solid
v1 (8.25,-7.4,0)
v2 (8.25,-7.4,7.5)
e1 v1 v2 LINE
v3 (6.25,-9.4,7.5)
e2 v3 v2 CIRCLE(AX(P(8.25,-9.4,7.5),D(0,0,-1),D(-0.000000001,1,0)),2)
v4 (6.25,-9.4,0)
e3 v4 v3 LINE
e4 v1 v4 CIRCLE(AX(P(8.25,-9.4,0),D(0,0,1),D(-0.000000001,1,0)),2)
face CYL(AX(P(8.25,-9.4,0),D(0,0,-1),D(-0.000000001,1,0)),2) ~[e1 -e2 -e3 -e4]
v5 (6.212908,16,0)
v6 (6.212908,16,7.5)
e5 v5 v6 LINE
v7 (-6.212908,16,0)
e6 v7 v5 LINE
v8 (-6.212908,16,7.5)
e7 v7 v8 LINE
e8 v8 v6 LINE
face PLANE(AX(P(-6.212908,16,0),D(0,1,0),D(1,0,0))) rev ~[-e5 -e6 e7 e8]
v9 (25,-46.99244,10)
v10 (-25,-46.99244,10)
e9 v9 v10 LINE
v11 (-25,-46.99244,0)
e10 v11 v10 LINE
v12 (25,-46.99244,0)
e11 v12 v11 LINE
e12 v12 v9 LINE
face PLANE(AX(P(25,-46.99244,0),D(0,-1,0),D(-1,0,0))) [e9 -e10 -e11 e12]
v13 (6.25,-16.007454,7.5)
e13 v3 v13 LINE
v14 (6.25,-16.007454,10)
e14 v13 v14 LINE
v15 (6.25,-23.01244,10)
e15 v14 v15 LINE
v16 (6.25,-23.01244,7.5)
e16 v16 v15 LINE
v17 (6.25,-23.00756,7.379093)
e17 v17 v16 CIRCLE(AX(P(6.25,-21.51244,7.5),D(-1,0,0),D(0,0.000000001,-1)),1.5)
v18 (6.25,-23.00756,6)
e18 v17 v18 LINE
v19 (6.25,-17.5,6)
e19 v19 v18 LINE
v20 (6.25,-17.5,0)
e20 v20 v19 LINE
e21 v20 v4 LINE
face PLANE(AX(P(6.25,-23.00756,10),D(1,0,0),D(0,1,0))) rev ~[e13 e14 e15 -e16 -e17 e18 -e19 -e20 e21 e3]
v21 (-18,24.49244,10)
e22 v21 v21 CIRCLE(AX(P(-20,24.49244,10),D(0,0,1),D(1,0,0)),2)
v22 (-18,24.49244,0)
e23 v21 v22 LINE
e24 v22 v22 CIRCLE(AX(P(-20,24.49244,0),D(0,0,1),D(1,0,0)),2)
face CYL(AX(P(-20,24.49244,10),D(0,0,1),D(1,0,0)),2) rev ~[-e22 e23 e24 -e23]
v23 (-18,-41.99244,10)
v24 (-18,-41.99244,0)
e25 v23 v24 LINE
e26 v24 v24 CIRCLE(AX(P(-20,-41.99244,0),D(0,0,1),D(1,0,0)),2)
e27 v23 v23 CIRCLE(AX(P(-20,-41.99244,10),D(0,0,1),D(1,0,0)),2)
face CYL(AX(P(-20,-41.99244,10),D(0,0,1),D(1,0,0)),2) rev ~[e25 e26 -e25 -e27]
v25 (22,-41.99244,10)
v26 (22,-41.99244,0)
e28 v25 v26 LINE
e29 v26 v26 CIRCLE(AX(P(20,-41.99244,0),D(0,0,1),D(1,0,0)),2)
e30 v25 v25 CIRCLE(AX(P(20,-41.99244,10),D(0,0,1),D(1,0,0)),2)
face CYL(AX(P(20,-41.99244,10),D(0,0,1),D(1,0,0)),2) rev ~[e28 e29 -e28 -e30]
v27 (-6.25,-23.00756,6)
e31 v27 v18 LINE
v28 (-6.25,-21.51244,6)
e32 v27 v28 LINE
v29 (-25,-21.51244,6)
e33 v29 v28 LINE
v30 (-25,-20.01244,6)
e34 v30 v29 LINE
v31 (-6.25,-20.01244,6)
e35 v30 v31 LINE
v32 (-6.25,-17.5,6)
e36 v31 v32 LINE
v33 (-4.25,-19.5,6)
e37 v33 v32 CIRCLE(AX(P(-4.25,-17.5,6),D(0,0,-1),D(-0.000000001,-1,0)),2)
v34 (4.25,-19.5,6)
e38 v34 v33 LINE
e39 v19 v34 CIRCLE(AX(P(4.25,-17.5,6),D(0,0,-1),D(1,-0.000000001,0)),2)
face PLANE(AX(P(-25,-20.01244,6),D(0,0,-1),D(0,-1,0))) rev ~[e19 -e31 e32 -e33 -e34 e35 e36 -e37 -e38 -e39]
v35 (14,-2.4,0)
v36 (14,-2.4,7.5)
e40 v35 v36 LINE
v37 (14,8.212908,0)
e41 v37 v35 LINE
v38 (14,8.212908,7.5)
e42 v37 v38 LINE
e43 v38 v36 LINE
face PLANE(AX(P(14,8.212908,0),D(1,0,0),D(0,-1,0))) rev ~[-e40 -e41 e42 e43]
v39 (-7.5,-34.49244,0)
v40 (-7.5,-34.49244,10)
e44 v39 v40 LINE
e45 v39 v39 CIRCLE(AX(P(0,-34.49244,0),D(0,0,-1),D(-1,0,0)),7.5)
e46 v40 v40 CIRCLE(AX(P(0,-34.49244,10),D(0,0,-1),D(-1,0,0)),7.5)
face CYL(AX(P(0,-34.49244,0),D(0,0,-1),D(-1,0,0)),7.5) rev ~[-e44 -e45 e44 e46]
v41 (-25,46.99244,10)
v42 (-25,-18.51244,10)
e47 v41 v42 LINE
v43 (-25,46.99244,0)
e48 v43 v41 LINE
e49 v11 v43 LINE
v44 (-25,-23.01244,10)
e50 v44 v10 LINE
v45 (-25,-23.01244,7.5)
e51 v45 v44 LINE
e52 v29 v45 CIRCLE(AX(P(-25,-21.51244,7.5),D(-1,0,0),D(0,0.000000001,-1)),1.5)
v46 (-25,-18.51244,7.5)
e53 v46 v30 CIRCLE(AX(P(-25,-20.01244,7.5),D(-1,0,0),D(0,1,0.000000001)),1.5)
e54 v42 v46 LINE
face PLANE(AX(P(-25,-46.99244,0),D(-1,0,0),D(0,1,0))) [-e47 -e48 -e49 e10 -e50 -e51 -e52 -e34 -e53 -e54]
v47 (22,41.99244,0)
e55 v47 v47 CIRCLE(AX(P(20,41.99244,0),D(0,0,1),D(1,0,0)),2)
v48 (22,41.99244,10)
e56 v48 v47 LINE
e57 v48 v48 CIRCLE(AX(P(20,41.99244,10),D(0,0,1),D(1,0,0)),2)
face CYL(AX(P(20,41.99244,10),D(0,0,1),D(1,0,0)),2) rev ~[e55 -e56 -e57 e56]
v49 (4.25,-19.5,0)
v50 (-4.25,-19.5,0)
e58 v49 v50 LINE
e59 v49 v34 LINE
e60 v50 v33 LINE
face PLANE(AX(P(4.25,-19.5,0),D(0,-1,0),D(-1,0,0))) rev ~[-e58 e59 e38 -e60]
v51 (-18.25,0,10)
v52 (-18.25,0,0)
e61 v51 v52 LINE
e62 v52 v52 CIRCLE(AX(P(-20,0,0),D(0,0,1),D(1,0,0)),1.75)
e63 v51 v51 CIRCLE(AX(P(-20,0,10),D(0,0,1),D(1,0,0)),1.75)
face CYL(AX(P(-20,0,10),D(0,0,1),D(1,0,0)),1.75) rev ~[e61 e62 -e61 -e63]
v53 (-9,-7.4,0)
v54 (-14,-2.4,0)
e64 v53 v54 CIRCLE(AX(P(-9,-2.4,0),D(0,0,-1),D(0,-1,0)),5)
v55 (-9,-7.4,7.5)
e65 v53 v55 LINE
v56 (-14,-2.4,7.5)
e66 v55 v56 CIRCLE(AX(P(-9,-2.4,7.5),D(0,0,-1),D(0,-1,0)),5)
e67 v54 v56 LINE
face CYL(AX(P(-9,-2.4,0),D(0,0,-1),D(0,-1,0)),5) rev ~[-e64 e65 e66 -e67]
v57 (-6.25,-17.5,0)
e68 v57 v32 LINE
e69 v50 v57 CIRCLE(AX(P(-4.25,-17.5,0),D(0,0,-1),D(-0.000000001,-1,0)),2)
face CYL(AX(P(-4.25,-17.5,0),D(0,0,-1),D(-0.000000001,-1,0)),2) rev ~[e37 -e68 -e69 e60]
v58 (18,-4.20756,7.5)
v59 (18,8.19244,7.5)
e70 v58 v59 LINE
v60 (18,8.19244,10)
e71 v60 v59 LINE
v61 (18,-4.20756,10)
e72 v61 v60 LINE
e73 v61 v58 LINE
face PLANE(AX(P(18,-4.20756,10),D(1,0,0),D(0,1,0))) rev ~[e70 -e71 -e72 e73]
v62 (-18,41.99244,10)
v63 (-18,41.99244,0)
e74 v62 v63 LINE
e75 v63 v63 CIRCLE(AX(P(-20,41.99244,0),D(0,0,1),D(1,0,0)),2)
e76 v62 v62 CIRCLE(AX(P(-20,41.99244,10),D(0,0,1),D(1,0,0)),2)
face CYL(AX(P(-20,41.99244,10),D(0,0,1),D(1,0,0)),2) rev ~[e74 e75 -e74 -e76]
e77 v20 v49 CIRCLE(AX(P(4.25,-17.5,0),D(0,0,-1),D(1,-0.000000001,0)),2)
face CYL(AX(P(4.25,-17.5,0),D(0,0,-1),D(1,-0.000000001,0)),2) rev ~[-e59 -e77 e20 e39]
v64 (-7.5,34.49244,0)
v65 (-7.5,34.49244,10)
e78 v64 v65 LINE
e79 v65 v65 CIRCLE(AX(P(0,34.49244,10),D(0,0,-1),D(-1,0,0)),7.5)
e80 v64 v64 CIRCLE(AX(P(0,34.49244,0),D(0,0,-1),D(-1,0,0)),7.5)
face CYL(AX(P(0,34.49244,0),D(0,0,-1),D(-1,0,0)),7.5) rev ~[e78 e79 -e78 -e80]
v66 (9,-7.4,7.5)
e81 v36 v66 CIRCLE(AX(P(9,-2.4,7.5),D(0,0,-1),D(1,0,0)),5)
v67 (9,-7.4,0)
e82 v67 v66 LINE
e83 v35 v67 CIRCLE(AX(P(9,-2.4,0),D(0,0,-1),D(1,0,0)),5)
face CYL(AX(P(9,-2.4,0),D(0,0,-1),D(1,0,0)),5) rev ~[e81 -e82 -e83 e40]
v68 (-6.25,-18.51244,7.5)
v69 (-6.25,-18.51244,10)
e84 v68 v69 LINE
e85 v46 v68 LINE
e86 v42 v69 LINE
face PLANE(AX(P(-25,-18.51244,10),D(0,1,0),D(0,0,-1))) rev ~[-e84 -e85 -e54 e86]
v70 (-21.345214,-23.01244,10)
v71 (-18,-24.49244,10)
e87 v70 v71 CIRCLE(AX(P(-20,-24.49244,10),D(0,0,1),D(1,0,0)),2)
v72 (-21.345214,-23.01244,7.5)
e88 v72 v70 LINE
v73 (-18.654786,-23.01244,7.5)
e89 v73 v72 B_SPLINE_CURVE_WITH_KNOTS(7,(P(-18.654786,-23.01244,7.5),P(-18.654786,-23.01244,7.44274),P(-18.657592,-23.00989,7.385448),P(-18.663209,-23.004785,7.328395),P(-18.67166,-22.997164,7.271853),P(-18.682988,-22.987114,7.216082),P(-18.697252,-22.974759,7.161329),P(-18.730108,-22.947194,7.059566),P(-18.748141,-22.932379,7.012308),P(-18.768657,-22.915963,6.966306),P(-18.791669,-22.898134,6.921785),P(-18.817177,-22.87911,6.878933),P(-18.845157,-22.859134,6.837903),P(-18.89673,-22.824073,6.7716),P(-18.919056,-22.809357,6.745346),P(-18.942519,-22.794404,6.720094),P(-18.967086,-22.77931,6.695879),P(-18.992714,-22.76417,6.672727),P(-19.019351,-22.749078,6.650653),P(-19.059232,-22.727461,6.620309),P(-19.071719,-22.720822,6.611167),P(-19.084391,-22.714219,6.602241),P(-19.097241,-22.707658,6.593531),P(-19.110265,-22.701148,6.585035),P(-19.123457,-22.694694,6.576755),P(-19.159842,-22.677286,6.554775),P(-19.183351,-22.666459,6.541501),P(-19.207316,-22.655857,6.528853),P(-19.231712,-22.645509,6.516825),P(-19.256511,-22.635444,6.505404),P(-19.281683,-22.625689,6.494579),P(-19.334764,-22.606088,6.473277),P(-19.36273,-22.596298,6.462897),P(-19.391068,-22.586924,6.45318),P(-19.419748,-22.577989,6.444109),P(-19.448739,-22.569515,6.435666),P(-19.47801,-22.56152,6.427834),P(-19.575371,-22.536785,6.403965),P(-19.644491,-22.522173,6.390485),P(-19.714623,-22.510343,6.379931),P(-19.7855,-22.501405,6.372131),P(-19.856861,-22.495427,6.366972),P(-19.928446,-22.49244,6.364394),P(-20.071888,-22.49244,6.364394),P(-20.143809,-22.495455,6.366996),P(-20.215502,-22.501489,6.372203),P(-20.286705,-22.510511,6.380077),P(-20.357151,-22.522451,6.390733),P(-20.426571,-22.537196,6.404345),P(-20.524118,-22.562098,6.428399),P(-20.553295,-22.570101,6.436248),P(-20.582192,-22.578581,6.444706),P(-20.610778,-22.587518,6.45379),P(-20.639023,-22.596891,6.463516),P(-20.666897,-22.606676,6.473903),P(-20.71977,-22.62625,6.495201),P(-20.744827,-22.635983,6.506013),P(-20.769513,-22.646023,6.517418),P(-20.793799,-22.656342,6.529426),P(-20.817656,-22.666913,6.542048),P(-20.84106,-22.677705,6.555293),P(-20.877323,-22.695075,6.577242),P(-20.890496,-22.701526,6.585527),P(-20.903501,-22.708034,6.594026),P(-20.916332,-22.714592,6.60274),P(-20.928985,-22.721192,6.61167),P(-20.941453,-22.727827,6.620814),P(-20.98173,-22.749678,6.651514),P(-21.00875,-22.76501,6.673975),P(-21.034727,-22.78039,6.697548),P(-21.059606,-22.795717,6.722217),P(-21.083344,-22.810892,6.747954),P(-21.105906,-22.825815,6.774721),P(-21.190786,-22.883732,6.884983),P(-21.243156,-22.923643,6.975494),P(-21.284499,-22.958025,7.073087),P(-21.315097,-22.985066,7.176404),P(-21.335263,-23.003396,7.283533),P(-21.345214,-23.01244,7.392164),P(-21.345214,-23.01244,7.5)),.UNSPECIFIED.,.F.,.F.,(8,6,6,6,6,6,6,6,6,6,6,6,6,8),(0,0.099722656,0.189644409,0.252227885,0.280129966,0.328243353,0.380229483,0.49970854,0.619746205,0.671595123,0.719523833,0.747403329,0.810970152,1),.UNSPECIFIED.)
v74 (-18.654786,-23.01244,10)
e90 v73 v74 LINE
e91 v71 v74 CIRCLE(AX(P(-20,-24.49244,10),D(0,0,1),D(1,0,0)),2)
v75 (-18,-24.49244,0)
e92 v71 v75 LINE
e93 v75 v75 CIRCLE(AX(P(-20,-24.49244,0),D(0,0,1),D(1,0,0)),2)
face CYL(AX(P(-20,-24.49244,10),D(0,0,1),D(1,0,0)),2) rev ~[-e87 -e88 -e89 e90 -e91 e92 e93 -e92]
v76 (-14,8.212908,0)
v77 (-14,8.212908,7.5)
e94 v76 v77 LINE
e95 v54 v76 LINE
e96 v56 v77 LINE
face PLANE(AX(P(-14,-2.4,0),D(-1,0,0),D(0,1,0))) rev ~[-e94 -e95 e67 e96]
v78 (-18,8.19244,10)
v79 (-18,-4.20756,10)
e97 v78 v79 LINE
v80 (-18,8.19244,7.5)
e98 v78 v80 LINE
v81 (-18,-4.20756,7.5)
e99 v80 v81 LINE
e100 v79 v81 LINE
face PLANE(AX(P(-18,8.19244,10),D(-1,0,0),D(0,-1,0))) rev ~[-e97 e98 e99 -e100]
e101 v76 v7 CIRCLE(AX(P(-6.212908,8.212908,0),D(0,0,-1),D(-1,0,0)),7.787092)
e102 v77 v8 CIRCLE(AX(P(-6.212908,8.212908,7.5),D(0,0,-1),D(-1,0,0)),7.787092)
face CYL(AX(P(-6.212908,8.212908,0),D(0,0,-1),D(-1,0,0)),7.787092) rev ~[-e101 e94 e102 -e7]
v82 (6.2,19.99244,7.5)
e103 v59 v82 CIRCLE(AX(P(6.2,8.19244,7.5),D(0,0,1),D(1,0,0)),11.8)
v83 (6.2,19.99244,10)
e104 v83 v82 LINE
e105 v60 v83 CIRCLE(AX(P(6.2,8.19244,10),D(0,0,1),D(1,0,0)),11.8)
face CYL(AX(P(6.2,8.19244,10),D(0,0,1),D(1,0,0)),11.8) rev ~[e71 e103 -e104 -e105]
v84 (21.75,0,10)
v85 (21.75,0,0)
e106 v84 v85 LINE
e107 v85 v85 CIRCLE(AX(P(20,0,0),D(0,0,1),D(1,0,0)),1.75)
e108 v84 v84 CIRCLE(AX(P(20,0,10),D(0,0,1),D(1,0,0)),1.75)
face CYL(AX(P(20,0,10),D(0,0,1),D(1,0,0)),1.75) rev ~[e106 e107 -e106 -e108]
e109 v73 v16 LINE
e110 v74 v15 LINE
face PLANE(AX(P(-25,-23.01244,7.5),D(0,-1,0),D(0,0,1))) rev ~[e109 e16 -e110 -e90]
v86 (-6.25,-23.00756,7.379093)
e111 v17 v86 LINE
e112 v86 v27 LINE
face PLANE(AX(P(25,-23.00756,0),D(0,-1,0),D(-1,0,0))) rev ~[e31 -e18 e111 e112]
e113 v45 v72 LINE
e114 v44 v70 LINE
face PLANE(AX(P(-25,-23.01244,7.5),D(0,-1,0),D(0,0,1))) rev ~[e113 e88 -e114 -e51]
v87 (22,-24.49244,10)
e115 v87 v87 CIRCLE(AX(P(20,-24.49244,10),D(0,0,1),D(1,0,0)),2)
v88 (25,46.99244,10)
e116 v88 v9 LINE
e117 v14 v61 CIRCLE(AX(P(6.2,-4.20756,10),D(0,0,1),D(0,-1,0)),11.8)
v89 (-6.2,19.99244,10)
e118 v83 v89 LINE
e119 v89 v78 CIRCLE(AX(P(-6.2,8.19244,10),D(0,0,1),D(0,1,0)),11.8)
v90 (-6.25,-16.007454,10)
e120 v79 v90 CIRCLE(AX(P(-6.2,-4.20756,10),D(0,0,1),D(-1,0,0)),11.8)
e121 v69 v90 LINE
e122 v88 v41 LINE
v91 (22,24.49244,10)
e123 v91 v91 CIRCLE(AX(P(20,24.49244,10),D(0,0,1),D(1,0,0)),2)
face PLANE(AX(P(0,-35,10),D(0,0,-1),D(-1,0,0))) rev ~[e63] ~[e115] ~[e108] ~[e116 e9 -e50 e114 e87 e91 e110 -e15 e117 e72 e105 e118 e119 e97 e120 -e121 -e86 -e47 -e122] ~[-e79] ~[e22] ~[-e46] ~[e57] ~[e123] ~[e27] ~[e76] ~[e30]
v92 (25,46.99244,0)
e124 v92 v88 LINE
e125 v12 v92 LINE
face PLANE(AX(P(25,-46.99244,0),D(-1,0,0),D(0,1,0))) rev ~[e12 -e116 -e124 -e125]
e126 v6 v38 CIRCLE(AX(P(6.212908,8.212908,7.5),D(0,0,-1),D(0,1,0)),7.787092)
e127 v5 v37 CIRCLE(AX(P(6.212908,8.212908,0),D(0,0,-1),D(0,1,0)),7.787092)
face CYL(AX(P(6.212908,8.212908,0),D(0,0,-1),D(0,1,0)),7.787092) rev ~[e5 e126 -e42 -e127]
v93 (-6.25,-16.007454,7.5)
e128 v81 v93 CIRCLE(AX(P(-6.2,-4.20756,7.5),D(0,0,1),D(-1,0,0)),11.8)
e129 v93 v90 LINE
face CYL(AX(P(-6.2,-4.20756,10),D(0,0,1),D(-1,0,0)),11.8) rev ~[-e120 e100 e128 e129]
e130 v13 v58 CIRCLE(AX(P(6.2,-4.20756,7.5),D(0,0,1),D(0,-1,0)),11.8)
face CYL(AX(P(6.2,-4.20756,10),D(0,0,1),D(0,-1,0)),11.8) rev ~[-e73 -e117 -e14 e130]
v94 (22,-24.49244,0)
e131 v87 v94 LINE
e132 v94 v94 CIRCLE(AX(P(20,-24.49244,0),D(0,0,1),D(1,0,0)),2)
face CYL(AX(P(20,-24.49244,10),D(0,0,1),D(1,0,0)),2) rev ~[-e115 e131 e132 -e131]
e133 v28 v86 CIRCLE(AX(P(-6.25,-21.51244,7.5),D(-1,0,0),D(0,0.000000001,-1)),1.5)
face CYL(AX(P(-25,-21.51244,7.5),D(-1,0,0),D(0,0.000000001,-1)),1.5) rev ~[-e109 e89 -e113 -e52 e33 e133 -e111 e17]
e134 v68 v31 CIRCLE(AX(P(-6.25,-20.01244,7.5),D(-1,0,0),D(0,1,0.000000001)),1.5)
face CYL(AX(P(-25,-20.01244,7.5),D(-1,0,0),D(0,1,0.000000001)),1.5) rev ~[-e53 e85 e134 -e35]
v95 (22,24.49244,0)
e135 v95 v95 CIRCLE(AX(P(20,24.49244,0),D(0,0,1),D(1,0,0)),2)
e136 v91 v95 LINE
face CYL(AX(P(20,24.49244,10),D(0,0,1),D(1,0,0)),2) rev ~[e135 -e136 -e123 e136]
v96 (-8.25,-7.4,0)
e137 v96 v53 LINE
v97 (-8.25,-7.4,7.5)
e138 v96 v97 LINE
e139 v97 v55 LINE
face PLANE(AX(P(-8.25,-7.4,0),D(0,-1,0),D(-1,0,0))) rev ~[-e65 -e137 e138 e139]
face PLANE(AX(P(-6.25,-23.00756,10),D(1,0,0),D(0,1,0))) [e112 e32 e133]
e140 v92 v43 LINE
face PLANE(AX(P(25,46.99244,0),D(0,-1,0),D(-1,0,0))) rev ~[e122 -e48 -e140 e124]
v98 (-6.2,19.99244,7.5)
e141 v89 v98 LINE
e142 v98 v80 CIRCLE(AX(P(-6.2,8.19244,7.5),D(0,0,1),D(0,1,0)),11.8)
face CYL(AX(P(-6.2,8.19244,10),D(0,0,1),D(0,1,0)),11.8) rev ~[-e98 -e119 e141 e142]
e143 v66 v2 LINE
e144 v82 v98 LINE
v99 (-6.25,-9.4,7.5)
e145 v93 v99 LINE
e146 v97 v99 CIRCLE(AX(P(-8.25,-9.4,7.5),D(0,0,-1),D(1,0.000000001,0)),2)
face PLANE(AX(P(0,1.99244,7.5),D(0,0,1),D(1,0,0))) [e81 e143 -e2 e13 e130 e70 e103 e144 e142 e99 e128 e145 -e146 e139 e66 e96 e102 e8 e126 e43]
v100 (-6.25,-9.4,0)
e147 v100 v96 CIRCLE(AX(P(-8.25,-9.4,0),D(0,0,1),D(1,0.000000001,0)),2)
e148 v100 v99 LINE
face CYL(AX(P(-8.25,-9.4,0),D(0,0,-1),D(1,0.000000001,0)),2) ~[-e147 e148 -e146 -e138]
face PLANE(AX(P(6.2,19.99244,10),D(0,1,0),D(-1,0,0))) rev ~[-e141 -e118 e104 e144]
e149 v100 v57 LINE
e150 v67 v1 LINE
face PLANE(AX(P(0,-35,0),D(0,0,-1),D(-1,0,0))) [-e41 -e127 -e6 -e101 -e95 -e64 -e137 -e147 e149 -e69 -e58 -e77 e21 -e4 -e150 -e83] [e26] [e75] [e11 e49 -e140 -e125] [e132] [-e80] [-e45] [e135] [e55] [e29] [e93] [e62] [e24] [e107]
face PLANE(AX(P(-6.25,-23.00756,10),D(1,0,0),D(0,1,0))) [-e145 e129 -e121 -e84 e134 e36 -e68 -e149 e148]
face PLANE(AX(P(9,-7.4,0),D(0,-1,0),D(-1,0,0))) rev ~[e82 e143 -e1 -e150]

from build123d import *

# Parameters (mm, degrees)
BOSS_EXTRUDE1_DEPTH = 10
CUT_EXTRUDE1_DEPTH  = 11
SKETCH3_W           = 50
SKETCH3_H           = 45
BOSS_EXTRUDE3_DEPTH = 10
CUT_EXTRUDE6_DEPTH  = 2.5
SKETCH5_W           = 12.5
SKETCH5_H           = 6.253832763
CUT_EXTRUDE7_DEPTH  = 4
SKETCH6_W           = 50
SKETCH6_H           = 23.984880812
SKETCH6_R           = 7.5
SKETCH6_H_2         = 25
BOSS_EXTRUDE4_DEPTH = 10
CUT_EXTRUDE8_DEPTH  = 31.25
SKETCH8_R           = 2
SKETCH8_R_2         = 1.75
CUT_EXTRUDE11_DEPTH = 11
SKETCH9_R           = 2
CUT_EXTRUDE12_DEPTH = 11


with BuildPart() as part:
    # Sketch1 → Boss-Extrude1 (new body)
    with BuildSketch(Plane.XY):
        with BuildLine():
            Line((-7, 19), (7, 19))
            ThreePointArc((7, 19), (14.071067812, 16.071067812), (17, 9))
            Line((17, 9), (17, -5))
            ThreePointArc((17, -5), (14.071067812, -12.071067812), (7, -15))
            Line((7, -15), (-7, -15))
            ThreePointArc((-7, -15), (-14.071067812, -12.071067812), (-17, -5))
            Line((-17, -5), (-17, 9))
            ThreePointArc((-17, 9), (-14.071067812, 16.071067812), (-7, 19))
        make_face()
    extrude(amount=BOSS_EXTRUDE1_DEPTH)

    # Sketch2 → Cut-Extrude1 (cut, through all)
    with BuildSketch(Plane(origin=(0, 0, 0), x_dir=(-1, 0, 0), z_dir=(0, 0, -1))):
        with BuildLine():
            Line((14, 0.39), (14, 8.212908396))
            ThreePointArc((14, 8.212908396), (11.719213675, 13.719213675), (6.212908396, 16))
            Line((6.212908396, 16), (-6.212908396, 16))
            ThreePointArc((-6.212908396, 16), (-11.719213675, 13.719213675), (-14, 8.212908396))
            Line((-14, 8.212908396), (-14, 0.39))
            Line((-14, 0.39), (-14, -2.4))
            ThreePointArc((-14, -2.4), (-12.535533906, -5.935533906), (-9, -7.4))
            Line((-9, -7.4), (-8.25, -7.4))
            ThreePointArc((-8.25, -7.4), (-6.835786438, -7.985786438), (-6.25, -9.4))
            Line((-6.25, -9.4), (-6.25, -17.62539529))
            Line((-6.25, -17.62539529), (6.25, -17.62539529))
            Line((6.25, -17.62539529), (6.25, -9.4))
            ThreePointArc((6.25, -9.4), (6.835786438, -7.985786438), (8.25, -7.4))
            Line((8.25, -7.4), (9, -7.4))
            ThreePointArc((9, -7.4), (12.535533906, -5.935533906), (14, -2.4))
            Line((14, -2.4), (14, 0.39))
        make_face()
    extrude(amount=-CUT_EXTRUDE1_DEPTH, mode=Mode.SUBTRACT)

    # Sketch3 → Boss-Extrude3 (add)
    with BuildSketch(Plane(origin=(0, 0, 0), x_dir=(-1, 0, 0), z_dir=(0, 0, -1))):
        with Locations((0, -0.507559594)):
            Rectangle(SKETCH3_W, SKETCH3_H)
        with BuildLine():
            Line((-6.25, -9.4), (-6.25, -15))
            Line((-6.25, -15), (-6.25, -17.5))
            ThreePointArc((-6.25, -17.5), (-5.664213562, -18.914213562), (-4.25, -19.5))
            Line((-4.25, -19.5), (4.25, -19.5))
            ThreePointArc((4.25, -19.5), (5.664213562, -18.914213562), (6.25, -17.5))
            Line((6.25, -17.5), (6.25, -15))
            Line((6.25, -15), (6.25, -9.4))
            ThreePointArc((6.25, -9.4), (6.835786438, -7.985786438), (8.25, -7.4))
            Line((8.25, -7.4), (9, -7.4))
            ThreePointArc((9, -7.4), (12.535533906, -5.935533906), (14, -2.4))
            Line((14, -2.4), (14, 8.212908396))
            ThreePointArc((14, 8.212908396), (11.719213675, 13.719213675), (6.212908396, 16))
            Line((6.212908396, 16), (-6.212908396, 16))
            ThreePointArc((-6.212908396, 16), (-11.719213675, 13.719213675), (-14, 8.212908396))
            Line((-14, 8.212908396), (-14, -2.4))
            ThreePointArc((-14, -2.4), (-12.535533906, -5.935533906), (-9, -7.4))
            Line((-9, -7.4), (-8.25, -7.4))
            ThreePointArc((-8.25, -7.4), (-6.835786438, -7.985786438), (-6.25, -9.4))
        make_face(mode=Mode.SUBTRACT)
    extrude(amount=-BOSS_EXTRUDE3_DEPTH)

    # Sketch4 → Cut-Extrude6 (cut)
    with BuildSketch(Plane.XY.offset(10)):
        with BuildLine():
            Line((-18, 8.192440406), (-18, -4.207559594))
            ThreePointArc((-18, -4.207559594), (-14.543860018, -12.551419612), (-6.2, -16.007559594))
            Line((-6.2, -16.007559594), (6.2, -16.007559594))
            ThreePointArc((6.2, -16.007559594), (14.543860018, -12.551419612), (18, -4.207559594))
            Line((18, -4.207559594), (18, 8.192440406))
            ThreePointArc((18, 8.192440406), (14.543860018, 16.536300424), (6.2, 19.992440406))
            Line((6.2, 19.992440406), (-6.2, 19.992440406))
            ThreePointArc((-6.2, 19.992440406), (-14.543860018, 16.536300424), (-18, 8.192440406))
        make_face()
    extrude(amount=-CUT_EXTRUDE6_DEPTH, mode=Mode.SUBTRACT)

    # Sketch5 → Cut-Extrude7 (cut)
    with BuildSketch(Plane.XY.offset(10)):
        with Locations((0, -19.880643213)):
            Rectangle(SKETCH5_W, SKETCH5_H)
    extrude(amount=-CUT_EXTRUDE7_DEPTH, mode=Mode.SUBTRACT)

    # Sketch6 → Boss-Extrude4 (add)
    with BuildSketch(Plane(origin=(0, 0, 0), x_dir=(-1, 0, 0), z_dir=(0, 0, -1))):
        with Locations((0, -35)):
            Rectangle(SKETCH6_W, SKETCH6_H)
        with Locations((0, -34.492440406)):
            Circle(SKETCH6_R, mode=Mode.SUBTRACT)
        with Locations((0, 34.492440406)):
            Rectangle(SKETCH6_W, SKETCH6_H_2)
        with Locations((0, 34.492440406)):
            Circle(SKETCH6_R, mode=Mode.SUBTRACT)
    extrude(amount=-BOSS_EXTRUDE4_DEPTH)

    # Sketch7 → Cut-Extrude8 (cut)
    with BuildSketch(Plane.ZY.offset(25)):
        with BuildLine():
            Line((10, -18.512440406), (7.5, -18.512440406))
            ThreePointArc((7.5, -18.512440406), (6.439339828, -18.951780234), (6, -20.012440406))
            Line((6, -20.012440406), (6, -21.512440406))
            ThreePointArc((6, -21.512440406), (6.439339828, -22.573100578), (7.5, -23.012440406))
            Line((7.5, -23.012440406), (10, -23.012440406))
            Line((10, -23.012440406), (10, -18.512440406))
        make_face()
    extrude(amount=-CUT_EXTRUDE8_DEPTH, mode=Mode.SUBTRACT)

    # Sketch8 → Cut-Extrude11 (cut, through all)
    with BuildSketch(Plane.XY.offset(10)):
        with Locations((-20, 41.992440406)):
            Circle(SKETCH8_R)
        with Locations((20, 41.992440406)):
            Circle(SKETCH8_R)
        with Locations((-20, 0)):
            Circle(SKETCH8_R_2)
        with Locations((20, 0)):
            Circle(SKETCH8_R_2)
        with Locations((20, -41.992440406)):
            Circle(SKETCH8_R)
        with Locations((-20, -41.992440406)):
            Circle(SKETCH8_R)
    extrude(amount=-CUT_EXTRUDE11_DEPTH, mode=Mode.SUBTRACT)

    # Sketch9 → Cut-Extrude12 (cut, through all)
    with BuildSketch(Plane.XY.offset(10)):
        with Locations((-20, 24.492440406)):
            Circle(SKETCH9_R)
        with Locations((20, 24.492440406)):
            Circle(SKETCH9_R)
        with Locations((20, -24.492440406)):
            Circle(SKETCH9_R)
        with Locations((-20, -24.492440406)):
            Circle(SKETCH9_R)
    extrude(amount=-CUT_EXTRUDE12_DEPTH, mode=Mode.SUBTRACT)


solid = part.part
